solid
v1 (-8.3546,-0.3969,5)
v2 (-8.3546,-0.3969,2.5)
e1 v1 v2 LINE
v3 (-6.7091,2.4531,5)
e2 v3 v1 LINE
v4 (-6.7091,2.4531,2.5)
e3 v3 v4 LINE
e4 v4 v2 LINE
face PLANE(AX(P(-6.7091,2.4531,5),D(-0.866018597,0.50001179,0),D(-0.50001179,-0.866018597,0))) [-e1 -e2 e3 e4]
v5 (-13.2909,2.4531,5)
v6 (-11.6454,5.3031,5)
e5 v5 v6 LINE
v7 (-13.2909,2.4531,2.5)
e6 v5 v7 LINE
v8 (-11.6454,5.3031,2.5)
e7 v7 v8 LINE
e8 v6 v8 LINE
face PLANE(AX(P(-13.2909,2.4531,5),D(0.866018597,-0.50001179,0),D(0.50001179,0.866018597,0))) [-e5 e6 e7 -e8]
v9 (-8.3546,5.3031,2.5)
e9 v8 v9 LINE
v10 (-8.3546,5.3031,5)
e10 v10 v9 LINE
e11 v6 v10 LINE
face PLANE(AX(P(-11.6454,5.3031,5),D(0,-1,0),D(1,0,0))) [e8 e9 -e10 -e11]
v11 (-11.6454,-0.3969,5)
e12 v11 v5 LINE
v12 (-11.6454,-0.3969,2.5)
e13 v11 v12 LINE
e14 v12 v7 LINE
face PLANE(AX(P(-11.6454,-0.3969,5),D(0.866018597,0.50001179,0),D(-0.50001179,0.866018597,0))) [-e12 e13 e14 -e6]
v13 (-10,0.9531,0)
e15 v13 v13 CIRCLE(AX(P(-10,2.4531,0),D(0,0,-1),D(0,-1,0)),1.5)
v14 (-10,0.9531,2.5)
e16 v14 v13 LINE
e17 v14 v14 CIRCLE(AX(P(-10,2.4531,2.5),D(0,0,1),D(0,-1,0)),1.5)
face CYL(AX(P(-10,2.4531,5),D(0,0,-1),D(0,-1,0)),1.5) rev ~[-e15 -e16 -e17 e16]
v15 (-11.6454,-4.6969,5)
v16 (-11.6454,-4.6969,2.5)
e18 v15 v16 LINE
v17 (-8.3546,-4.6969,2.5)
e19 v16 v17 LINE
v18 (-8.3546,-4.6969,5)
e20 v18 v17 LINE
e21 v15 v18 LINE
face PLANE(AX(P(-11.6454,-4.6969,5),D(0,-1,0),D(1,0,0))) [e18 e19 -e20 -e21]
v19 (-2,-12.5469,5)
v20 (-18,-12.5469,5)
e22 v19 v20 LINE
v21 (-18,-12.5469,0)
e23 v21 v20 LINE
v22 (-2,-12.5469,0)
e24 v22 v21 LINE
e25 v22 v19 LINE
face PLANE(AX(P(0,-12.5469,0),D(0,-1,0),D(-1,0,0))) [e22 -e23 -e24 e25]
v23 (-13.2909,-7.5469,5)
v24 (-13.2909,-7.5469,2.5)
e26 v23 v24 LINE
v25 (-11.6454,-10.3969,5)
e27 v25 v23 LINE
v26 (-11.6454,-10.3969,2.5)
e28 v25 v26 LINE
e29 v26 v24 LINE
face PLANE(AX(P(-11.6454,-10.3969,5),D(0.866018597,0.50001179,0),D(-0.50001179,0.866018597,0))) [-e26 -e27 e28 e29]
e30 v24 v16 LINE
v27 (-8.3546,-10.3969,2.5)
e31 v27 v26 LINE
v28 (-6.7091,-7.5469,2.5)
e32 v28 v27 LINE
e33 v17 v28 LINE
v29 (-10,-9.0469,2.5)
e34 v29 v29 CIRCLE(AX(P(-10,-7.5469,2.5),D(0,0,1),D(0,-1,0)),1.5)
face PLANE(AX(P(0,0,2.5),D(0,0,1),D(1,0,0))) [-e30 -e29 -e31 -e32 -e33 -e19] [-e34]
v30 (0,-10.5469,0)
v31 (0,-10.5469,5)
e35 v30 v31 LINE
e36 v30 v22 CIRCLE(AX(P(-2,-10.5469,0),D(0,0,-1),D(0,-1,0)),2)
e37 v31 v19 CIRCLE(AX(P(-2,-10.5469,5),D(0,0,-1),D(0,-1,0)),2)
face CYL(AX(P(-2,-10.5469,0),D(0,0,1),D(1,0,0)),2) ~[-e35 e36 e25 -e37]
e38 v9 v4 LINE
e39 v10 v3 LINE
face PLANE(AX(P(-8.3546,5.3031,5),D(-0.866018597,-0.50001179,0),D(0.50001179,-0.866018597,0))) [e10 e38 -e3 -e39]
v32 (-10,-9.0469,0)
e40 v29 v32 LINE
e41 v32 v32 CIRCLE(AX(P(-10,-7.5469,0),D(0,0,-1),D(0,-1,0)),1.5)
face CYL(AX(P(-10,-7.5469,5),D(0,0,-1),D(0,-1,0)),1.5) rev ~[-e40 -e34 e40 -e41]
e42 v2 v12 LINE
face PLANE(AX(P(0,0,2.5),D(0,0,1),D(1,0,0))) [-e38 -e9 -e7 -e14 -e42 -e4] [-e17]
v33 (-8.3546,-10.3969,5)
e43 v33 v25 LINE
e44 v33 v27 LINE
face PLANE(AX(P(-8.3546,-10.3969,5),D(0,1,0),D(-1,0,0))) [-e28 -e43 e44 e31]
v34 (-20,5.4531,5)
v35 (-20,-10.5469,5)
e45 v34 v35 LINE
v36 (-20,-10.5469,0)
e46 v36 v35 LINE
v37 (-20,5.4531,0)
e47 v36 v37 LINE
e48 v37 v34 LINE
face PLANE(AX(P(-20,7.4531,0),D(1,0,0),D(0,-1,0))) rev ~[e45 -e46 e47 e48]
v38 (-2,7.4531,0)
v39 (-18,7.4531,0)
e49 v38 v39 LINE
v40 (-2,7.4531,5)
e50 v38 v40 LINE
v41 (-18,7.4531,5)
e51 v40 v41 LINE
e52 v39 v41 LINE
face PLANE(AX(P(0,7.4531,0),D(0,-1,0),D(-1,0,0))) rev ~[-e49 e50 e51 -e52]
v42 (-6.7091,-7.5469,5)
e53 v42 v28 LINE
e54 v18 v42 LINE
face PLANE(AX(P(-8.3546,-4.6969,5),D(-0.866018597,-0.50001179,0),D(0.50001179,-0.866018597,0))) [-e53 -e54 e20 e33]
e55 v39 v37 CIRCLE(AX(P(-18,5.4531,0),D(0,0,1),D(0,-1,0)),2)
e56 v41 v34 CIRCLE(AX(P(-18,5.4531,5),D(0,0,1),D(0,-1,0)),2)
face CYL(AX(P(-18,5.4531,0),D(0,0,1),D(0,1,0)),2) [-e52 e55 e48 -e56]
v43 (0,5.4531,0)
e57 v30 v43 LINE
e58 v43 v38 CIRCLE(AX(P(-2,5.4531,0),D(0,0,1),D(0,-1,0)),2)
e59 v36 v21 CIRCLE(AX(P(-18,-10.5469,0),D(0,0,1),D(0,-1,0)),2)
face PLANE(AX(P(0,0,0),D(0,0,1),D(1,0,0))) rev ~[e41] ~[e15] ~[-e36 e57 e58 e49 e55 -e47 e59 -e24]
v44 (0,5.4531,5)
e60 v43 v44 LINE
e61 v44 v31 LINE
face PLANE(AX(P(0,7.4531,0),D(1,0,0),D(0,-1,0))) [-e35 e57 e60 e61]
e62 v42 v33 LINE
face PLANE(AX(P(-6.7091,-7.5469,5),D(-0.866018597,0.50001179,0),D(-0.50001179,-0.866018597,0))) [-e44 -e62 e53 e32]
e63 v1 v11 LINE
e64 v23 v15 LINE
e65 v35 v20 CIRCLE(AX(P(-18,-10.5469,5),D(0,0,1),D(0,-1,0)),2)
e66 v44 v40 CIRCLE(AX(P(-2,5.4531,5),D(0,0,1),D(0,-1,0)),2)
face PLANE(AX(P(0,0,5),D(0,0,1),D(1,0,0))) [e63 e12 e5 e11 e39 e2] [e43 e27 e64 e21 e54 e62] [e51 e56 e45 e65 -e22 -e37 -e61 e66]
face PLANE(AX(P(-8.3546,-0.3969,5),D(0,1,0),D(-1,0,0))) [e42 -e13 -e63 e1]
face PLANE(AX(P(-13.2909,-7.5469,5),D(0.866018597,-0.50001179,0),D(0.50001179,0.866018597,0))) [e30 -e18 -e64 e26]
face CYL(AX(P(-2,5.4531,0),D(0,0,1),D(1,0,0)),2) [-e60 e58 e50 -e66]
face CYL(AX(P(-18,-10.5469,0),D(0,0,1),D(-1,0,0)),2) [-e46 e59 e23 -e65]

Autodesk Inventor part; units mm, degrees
ref_plane "YZ Plane" through (0, 0, 0) normal (1, 0, 0) x (0, 1, 0)
ref_plane "XZ Plane" through (0, 0, 0) normal (0, 1, 0) x (-1, 0, 0)
ref_plane "XY Plane" through (0, 0, 0) normal (0, 0, 1) x (1, 0, 0)
ref_plane "Work Plane1" through (0, 0, 0) normal (0, 0, 1) x (1, 0, 0)
sketch "Sketch1" plane through (0, 0, 0) normal (0, 0, 1) x (1, 0, 0)
  line L0 (7.4216, 7.4531) -> (-20, 7.4531) projected
  line L1 (-20, 7.4531) -> (-20, -9.4531) projected
  line L2 (20, -9.4531) -> (-20, -9.4531) projected
  line L3 (20, -4.1939) -> (20, -9.4531) projected
  line L4 (-20, 7.4531) -> (0, 7.4531)
  line L5 (0, 7.4531) -> (0, -12.5469)
  line L6 (0, -12.5469) -> (-20, -12.5469)
  line L7 (-20, -12.5469) -> (-20, 7.4531)
  arc A0 (8.8358, 6.8673) -> (7.4216, 7.4531) centre (7.4216, 5.4531) ccw projected
  arc A1 (19.5704, -3.8673) -> (20, -4.1939) centre (20.9847, -2.4531) ccw projected
  line L8 (8.8358, 6.8673) -> (19.5704, -3.8673) projected
  point P0 (0, 0)
  dimension "d0" = 20
  dimension "d1" = 20
extrude "Extrusion1" add sketch "Sketch1" along normal blind 5 contours L5 L2 L1 L0 | L5 L6 L7 L2
fillet "Fillet1" radius 2 4 edges at (0, 7.4531, 2.5) (0, -12.5469, 2.5) (-20, 7.4531, 2.5) (-20, -12.5469, 2.5)
sketch "Sketch2" plane through (0, 0, 5) normal (0, 0, 1) x (1, 0, 0)
  line L0 (-5.26, -4.4531) -> (-16.3573, -5.4531) projected
  arc A0 (-20, -10.5469) -> (-18, -12.5469) centre (-18, -10.5469) ccw projected
  line L1 (-18, -12.5469) -> (-2, -12.5469) projected
  arc A1 (-2, -12.5469) -> (0, -10.5469) centre (-2, -10.5469) ccw projected
  line L2 (0, -10.5469) -> (0, 5.4531) projected
  arc A2 (0, 5.4531) -> (-2, 7.4531) centre (-2, 5.4531) ccw projected
  line L3 (-2, 7.4531) -> (-18, 7.4531) projected
  arc A3 (-18, 7.4531) -> (-20, 5.4531) centre (-18, 5.4531) ccw projected
  line L4 (-20, 5.4531) -> (-20, -10.5469) projected
  line L5 (-10, -12.5469) -> (-10, 7.4531) construction
  line L6 (-2, 7.4531) -> (-18, 7.4531) construction
  line L7 (-10, -2.5469) -> (-10, 2.4531) construction
  line L8 (-10, 2.4531) -> (-10, -7.5469) construction
  point P0 (0, 0)
  dimension "d5" = 5
  dimension "d6" = 10
hole "Hole1" at (-10, 2.4531, 5) at (-10, -7.5469, 5) direction (0, 0, -1) diameter 3 end through all
sketch "Sketch3" plane through (0, 0, 5) normal (0, 0, 1) x (1, 0, 0)
  circle A0 centre (-10, 2.4531) radius 1.5 projected
  circle A1 centre (-10, -7.5469) radius 1.5 projected
  line L0 (-6.7091, 2.4531) -> (-8.3546, -0.3969)
  line L1 (-8.3546, -0.3969) -> (-11.6454, -0.3969)
  line L2 (-11.6454, -0.3969) -> (-13.2909, 2.4531)
  line L3 (-13.2909, 2.4531) -> (-11.6454, 5.3031)
  line L4 (-11.6454, 5.3031) -> (-8.3546, 5.3031)
  line L5 (-8.3546, 5.3031) -> (-6.7091, 2.4531)
  line L6 (-6.7091, -7.5469) -> (-8.3546, -10.3969)
  line L7 (-8.3546, -10.3969) -> (-11.6454, -10.3969)
  line L8 (-11.6454, -10.3969) -> (-13.2909, -7.5469)
  line L9 (-13.2909, -7.5469) -> (-11.6454, -4.6969)
  line L10 (-11.6454, -4.6969) -> (-8.3546, -4.6969)
  line L11 (-8.3546, -4.6969) -> (-6.7091, -7.5469)
  point P0 (0, 0)
  dimension "d14" = 5.7
extrude "Extrusion2" cut sketch "Sketch3" against normal blind 2.5
properties part number "little_holder"
